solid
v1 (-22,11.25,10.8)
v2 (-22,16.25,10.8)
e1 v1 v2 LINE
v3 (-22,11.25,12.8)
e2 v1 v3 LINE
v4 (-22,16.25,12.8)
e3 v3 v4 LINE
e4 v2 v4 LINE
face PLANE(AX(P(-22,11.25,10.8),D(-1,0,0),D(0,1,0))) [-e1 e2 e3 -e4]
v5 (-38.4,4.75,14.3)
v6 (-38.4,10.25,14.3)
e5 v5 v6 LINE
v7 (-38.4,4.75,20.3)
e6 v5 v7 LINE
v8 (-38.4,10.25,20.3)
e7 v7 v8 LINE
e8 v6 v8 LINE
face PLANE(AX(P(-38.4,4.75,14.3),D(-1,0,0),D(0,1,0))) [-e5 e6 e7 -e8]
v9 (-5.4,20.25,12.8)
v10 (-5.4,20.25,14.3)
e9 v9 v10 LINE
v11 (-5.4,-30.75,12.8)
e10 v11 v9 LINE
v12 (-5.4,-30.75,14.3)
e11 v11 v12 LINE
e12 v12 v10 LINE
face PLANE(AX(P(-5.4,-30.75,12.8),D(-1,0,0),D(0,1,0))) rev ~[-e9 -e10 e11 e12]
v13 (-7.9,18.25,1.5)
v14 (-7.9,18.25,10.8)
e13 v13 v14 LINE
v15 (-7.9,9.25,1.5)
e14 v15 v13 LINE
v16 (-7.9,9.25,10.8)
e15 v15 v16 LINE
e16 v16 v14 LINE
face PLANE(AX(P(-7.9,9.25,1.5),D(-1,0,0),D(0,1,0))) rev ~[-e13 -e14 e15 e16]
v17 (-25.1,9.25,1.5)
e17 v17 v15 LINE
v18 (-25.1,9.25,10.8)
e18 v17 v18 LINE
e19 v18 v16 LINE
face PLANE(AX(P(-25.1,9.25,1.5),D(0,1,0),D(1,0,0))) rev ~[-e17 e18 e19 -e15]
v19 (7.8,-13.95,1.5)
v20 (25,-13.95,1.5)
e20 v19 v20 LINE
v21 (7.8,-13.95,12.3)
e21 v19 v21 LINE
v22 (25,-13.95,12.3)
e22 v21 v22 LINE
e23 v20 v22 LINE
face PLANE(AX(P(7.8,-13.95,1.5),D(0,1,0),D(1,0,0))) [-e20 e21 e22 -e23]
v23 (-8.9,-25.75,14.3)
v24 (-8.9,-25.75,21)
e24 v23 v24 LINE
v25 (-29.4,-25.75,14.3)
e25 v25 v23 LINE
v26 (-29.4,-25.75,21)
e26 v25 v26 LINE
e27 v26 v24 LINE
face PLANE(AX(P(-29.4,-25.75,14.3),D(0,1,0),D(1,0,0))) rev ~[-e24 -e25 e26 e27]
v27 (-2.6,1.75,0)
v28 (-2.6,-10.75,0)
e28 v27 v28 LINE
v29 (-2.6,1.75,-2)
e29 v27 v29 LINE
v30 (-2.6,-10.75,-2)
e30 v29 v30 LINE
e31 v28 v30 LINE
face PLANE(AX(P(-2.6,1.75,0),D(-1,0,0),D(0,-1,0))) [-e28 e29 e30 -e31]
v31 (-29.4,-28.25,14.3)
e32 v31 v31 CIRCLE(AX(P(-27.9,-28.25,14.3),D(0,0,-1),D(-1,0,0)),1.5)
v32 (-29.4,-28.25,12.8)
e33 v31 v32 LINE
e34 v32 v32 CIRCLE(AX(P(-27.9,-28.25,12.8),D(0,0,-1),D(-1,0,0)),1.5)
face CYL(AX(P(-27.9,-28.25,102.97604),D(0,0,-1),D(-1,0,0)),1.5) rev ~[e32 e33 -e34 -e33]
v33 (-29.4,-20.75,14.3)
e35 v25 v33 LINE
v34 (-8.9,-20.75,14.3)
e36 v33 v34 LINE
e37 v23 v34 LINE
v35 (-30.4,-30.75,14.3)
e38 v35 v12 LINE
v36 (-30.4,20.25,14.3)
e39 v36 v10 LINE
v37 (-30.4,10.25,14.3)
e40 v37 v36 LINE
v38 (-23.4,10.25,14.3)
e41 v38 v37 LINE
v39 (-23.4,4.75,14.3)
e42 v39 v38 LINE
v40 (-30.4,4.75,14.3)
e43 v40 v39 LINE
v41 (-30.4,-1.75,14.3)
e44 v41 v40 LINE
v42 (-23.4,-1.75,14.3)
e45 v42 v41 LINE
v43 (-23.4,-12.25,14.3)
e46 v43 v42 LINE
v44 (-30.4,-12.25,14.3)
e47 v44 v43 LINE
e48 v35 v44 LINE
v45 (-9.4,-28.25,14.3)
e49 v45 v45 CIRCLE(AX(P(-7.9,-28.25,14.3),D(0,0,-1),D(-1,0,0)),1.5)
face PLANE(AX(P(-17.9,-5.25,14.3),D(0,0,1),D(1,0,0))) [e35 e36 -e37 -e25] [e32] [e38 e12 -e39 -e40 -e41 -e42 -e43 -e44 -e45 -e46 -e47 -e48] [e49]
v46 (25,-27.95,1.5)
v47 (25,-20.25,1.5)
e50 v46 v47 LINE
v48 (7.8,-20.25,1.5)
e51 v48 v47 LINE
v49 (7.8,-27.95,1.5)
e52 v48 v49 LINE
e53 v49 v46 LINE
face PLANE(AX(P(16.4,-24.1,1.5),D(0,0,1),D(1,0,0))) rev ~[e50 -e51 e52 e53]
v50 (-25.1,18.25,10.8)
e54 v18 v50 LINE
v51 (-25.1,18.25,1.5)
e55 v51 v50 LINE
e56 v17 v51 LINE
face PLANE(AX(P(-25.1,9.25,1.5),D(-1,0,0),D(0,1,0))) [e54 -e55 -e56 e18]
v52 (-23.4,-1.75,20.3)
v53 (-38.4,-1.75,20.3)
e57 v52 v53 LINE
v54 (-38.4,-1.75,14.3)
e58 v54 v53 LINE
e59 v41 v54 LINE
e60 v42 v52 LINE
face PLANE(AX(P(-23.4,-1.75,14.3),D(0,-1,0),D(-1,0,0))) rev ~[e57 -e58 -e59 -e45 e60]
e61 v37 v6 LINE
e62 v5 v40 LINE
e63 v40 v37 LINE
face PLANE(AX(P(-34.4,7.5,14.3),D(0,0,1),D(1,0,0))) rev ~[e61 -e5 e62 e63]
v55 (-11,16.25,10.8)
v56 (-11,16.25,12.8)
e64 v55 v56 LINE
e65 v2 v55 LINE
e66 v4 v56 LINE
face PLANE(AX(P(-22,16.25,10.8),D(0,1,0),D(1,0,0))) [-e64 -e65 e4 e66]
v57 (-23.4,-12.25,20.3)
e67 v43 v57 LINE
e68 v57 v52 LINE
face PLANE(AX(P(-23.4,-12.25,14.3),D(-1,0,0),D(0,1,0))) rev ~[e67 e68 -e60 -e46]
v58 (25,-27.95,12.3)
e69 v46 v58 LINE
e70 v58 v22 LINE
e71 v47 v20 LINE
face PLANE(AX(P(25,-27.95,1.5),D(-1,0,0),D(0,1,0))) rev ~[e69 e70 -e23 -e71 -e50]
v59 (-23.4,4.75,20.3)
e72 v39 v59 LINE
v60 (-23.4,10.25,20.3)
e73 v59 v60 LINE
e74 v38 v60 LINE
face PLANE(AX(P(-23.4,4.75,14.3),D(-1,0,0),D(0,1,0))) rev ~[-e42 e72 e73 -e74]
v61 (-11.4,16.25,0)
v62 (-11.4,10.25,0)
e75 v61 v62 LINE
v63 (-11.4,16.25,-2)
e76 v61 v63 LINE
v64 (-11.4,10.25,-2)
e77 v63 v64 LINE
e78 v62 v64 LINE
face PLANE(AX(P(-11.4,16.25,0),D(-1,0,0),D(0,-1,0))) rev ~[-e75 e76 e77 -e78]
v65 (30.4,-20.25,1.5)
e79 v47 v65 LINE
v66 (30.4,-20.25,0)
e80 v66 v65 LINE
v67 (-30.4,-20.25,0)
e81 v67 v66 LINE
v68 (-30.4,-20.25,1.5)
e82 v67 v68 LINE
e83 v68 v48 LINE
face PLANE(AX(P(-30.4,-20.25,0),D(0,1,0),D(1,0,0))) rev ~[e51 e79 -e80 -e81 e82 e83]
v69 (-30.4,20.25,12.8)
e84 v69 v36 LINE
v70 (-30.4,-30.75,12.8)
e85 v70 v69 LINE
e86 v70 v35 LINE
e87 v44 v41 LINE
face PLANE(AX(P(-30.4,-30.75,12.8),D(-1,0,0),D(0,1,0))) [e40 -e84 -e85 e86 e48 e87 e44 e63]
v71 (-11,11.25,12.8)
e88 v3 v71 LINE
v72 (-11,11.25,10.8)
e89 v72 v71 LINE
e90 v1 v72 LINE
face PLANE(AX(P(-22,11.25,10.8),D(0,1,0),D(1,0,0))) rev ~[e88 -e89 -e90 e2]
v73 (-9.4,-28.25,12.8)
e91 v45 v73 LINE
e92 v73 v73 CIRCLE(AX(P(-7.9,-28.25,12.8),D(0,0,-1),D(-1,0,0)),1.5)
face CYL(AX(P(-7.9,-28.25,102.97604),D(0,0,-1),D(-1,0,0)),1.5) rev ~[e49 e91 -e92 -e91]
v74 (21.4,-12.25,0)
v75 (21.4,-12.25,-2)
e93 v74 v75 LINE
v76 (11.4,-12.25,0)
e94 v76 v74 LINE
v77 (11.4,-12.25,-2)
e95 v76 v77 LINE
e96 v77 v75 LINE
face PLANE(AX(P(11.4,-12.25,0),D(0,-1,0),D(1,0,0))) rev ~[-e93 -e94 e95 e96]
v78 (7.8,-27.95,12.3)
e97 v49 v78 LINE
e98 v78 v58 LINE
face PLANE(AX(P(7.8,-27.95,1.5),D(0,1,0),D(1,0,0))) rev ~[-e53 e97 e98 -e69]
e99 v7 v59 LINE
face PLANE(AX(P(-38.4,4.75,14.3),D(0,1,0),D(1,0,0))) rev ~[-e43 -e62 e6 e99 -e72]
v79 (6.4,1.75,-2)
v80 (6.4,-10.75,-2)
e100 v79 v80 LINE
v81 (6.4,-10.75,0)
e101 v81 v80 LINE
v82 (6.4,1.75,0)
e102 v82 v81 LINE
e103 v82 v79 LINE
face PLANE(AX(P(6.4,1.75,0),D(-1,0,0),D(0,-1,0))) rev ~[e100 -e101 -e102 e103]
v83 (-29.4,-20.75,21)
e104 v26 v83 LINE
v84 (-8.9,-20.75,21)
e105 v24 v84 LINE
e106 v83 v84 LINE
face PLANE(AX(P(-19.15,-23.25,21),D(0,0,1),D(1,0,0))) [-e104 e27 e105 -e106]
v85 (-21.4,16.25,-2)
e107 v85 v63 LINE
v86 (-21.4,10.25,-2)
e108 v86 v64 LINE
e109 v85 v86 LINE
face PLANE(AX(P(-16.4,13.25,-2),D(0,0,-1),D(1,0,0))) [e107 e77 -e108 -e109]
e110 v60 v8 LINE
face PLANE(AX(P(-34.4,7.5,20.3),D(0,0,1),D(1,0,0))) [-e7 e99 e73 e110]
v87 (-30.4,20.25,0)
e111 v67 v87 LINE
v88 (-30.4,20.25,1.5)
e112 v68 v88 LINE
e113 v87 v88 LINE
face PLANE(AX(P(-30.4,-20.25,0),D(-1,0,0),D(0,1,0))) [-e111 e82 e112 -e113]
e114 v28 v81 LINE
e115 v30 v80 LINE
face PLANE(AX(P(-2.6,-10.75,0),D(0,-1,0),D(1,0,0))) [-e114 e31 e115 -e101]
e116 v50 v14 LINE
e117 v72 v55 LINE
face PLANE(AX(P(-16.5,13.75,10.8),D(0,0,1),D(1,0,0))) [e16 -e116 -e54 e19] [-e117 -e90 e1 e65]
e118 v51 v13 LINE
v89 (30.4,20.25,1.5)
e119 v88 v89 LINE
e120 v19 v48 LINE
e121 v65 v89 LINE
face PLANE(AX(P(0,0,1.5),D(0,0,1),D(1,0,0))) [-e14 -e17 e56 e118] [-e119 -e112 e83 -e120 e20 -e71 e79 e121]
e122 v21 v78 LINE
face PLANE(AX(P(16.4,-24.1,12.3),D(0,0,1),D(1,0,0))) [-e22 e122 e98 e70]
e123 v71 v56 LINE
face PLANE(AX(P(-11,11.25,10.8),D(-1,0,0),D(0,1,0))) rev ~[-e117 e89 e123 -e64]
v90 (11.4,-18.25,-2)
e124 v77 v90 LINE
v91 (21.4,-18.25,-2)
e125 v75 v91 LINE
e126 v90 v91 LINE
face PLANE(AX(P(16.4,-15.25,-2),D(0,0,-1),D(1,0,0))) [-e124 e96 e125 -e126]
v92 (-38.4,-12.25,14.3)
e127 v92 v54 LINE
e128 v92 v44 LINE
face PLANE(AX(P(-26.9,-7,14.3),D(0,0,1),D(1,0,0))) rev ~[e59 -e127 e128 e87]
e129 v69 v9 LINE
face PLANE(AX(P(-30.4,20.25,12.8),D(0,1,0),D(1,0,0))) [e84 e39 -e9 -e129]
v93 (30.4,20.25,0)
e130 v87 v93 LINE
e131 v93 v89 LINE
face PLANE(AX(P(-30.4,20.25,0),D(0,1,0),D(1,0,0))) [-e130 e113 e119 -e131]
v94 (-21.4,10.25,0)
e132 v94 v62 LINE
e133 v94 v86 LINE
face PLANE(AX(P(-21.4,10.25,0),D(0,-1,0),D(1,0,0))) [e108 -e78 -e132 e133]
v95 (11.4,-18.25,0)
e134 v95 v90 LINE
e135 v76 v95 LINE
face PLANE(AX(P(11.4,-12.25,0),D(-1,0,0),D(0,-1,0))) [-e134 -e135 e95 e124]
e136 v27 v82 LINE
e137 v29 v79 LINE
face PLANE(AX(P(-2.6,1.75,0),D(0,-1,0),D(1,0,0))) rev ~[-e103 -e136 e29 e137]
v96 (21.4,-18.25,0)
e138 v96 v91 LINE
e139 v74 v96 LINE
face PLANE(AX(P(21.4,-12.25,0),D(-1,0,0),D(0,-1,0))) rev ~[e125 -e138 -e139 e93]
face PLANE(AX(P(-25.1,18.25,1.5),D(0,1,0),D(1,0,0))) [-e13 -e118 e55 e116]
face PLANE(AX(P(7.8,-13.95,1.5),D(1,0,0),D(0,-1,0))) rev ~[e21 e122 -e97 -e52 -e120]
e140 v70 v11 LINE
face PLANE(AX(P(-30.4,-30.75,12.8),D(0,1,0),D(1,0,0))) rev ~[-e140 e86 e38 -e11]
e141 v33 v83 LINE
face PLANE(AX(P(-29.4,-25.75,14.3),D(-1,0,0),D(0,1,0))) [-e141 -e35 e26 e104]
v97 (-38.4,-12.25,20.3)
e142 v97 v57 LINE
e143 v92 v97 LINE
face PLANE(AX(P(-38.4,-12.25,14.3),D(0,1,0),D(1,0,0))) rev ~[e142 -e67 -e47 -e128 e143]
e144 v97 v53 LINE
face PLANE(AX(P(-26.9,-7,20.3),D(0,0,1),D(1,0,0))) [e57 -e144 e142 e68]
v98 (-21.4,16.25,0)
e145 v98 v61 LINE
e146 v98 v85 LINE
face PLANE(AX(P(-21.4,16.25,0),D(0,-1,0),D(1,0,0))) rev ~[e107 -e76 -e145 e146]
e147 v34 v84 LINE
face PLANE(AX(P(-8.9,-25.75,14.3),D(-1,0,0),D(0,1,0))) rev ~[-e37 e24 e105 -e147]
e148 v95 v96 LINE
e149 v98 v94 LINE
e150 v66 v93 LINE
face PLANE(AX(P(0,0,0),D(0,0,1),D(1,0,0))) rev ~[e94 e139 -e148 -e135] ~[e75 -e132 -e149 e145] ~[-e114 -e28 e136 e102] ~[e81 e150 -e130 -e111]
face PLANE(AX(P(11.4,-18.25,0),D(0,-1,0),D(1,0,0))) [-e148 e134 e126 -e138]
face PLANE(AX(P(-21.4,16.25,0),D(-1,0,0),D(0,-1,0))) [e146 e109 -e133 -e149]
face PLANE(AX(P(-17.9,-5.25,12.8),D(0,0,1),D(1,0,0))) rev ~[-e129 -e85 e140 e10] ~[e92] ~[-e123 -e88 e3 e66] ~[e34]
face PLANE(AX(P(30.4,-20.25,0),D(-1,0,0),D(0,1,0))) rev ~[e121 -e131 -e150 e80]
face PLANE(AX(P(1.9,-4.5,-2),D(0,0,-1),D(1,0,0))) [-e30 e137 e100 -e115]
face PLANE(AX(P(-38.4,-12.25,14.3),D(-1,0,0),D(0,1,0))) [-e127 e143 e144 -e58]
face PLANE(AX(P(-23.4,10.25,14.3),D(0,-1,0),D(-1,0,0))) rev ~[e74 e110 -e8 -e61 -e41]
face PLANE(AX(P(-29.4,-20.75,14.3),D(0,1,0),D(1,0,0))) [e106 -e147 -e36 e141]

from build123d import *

# Parameters (mm, degrees)
F0_W      = 60.8
F0_H      = 40.5
F1_DEPTH  = 1.5
F2_W      = 17.2
F2_H      = 7.7
F2_H_2    = 6.3
F3_DEPTH  = 10.8
F4_W      = 17.2
F4_H      = 9
F5_DEPTH  = 9.3
F6_W      = 10
F6_H      = 6
F6_W_2    = 9
F6_H_2    = 12.5
F7_DEPTH  = 2
F8_W      = 11
F8_H      = 5
F9_DEPTH  = 2
F10_W     = 25
F10_H     = 51
F10_W_2   = 11
F10_H_2   = 5
F11_DEPTH = 1.5
F12_W     = 8
F12_H     = 5.5
F12_W_2   = 7
F12_H_2   = 10.5
F13_DEPTH = 6
F14_W     = 20.5
F14_H     = 5
F15_DEPTH = 6.7
F17_D     = 3


with BuildPart() as f1:
    # F0 (on Top) → F1 (new body)
    with BuildSketch(Plane.XY):
        Rectangle(F0_W, F0_H)
    extrude(amount=F1_DEPTH)

    # F2 (on face) → F3 (join)
    with BuildSketch(Plane.XY.offset(1.5)):
        with Locations((16.4, -24.1)):
            Rectangle(F2_W, F2_H)
        with Locations((16.4, -17.1)):
            Rectangle(F2_W, F2_H_2)
    extrude(amount=F3_DEPTH)

    # F4 (on face) → F5 (join)
    with BuildSketch(Plane.XY.offset(1.5)):
        with Locations((-16.5, 13.75)):
            Rectangle(F4_W, F4_H)
    extrude(amount=F5_DEPTH)

    # F6 (on face) → F7 (join)
    with BuildSketch(Plane(origin=(0, 0, 0), x_dir=(1, 0, 0), z_dir=(0, 0, -1))):
        with Locations((-16.4, -13.25)):
            Rectangle(F6_W, F6_H)
        with Locations((1.9, 4.5)):
            Rectangle(F6_W_2, F6_H_2)
        with Locations((16.4, 15.25)):
            Rectangle(F6_W, F6_H)
    extrude(amount=F7_DEPTH)

    # F8 (on face) → F9 (join)
    with BuildSketch(Plane.XY.offset(10.8)):
        with Locations((-16.5, 13.75)):
            Rectangle(F8_W, F8_H)
    extrude(amount=F9_DEPTH)

    # F10 (on face) → F11 (join)
    with BuildSketch(Plane.XY.offset(12.8)):
        with Locations((-17.9, -5.25)):
            Rectangle(F10_W, F10_H)
        with Locations((-16.5, 13.75)):
            Rectangle(F10_W_2, F10_H_2, mode=Mode.SUBTRACT)
        with Locations((-16.5, 13.75)):
            Rectangle(F10_W_2, F10_H_2)
    extrude(amount=F11_DEPTH)

    # F12 (on face) → F13 (join)
    with BuildSketch(Plane.XY.offset(14.3)):
        with Locations((-34.4, 7.5)):
            Rectangle(F12_W, F12_H)
        with Locations((-26.9, 7.5)):
            Rectangle(F12_W_2, F12_H)
        with Locations((-26.9, -7)):
            Rectangle(F12_W_2, F12_H_2)
        with Locations((-34.4, -7)):
            Rectangle(F12_W, F12_H_2)
    extrude(amount=F13_DEPTH)

    # F14 (on face) → F15 (join)
    with BuildSketch(Plane.XY.offset(14.3)):
        with Locations((-19.15, -23.25)):
            Rectangle(F14_W, F14_H)
    extrude(amount=F15_DEPTH)

    # F17 (through all)
    with Locations(Plane.XY.offset(14.3)):
        with Locations((-7.9, -28.25), (-27.9, -28.25)):
            Hole(F17_D / 2)


solid = f1.part
